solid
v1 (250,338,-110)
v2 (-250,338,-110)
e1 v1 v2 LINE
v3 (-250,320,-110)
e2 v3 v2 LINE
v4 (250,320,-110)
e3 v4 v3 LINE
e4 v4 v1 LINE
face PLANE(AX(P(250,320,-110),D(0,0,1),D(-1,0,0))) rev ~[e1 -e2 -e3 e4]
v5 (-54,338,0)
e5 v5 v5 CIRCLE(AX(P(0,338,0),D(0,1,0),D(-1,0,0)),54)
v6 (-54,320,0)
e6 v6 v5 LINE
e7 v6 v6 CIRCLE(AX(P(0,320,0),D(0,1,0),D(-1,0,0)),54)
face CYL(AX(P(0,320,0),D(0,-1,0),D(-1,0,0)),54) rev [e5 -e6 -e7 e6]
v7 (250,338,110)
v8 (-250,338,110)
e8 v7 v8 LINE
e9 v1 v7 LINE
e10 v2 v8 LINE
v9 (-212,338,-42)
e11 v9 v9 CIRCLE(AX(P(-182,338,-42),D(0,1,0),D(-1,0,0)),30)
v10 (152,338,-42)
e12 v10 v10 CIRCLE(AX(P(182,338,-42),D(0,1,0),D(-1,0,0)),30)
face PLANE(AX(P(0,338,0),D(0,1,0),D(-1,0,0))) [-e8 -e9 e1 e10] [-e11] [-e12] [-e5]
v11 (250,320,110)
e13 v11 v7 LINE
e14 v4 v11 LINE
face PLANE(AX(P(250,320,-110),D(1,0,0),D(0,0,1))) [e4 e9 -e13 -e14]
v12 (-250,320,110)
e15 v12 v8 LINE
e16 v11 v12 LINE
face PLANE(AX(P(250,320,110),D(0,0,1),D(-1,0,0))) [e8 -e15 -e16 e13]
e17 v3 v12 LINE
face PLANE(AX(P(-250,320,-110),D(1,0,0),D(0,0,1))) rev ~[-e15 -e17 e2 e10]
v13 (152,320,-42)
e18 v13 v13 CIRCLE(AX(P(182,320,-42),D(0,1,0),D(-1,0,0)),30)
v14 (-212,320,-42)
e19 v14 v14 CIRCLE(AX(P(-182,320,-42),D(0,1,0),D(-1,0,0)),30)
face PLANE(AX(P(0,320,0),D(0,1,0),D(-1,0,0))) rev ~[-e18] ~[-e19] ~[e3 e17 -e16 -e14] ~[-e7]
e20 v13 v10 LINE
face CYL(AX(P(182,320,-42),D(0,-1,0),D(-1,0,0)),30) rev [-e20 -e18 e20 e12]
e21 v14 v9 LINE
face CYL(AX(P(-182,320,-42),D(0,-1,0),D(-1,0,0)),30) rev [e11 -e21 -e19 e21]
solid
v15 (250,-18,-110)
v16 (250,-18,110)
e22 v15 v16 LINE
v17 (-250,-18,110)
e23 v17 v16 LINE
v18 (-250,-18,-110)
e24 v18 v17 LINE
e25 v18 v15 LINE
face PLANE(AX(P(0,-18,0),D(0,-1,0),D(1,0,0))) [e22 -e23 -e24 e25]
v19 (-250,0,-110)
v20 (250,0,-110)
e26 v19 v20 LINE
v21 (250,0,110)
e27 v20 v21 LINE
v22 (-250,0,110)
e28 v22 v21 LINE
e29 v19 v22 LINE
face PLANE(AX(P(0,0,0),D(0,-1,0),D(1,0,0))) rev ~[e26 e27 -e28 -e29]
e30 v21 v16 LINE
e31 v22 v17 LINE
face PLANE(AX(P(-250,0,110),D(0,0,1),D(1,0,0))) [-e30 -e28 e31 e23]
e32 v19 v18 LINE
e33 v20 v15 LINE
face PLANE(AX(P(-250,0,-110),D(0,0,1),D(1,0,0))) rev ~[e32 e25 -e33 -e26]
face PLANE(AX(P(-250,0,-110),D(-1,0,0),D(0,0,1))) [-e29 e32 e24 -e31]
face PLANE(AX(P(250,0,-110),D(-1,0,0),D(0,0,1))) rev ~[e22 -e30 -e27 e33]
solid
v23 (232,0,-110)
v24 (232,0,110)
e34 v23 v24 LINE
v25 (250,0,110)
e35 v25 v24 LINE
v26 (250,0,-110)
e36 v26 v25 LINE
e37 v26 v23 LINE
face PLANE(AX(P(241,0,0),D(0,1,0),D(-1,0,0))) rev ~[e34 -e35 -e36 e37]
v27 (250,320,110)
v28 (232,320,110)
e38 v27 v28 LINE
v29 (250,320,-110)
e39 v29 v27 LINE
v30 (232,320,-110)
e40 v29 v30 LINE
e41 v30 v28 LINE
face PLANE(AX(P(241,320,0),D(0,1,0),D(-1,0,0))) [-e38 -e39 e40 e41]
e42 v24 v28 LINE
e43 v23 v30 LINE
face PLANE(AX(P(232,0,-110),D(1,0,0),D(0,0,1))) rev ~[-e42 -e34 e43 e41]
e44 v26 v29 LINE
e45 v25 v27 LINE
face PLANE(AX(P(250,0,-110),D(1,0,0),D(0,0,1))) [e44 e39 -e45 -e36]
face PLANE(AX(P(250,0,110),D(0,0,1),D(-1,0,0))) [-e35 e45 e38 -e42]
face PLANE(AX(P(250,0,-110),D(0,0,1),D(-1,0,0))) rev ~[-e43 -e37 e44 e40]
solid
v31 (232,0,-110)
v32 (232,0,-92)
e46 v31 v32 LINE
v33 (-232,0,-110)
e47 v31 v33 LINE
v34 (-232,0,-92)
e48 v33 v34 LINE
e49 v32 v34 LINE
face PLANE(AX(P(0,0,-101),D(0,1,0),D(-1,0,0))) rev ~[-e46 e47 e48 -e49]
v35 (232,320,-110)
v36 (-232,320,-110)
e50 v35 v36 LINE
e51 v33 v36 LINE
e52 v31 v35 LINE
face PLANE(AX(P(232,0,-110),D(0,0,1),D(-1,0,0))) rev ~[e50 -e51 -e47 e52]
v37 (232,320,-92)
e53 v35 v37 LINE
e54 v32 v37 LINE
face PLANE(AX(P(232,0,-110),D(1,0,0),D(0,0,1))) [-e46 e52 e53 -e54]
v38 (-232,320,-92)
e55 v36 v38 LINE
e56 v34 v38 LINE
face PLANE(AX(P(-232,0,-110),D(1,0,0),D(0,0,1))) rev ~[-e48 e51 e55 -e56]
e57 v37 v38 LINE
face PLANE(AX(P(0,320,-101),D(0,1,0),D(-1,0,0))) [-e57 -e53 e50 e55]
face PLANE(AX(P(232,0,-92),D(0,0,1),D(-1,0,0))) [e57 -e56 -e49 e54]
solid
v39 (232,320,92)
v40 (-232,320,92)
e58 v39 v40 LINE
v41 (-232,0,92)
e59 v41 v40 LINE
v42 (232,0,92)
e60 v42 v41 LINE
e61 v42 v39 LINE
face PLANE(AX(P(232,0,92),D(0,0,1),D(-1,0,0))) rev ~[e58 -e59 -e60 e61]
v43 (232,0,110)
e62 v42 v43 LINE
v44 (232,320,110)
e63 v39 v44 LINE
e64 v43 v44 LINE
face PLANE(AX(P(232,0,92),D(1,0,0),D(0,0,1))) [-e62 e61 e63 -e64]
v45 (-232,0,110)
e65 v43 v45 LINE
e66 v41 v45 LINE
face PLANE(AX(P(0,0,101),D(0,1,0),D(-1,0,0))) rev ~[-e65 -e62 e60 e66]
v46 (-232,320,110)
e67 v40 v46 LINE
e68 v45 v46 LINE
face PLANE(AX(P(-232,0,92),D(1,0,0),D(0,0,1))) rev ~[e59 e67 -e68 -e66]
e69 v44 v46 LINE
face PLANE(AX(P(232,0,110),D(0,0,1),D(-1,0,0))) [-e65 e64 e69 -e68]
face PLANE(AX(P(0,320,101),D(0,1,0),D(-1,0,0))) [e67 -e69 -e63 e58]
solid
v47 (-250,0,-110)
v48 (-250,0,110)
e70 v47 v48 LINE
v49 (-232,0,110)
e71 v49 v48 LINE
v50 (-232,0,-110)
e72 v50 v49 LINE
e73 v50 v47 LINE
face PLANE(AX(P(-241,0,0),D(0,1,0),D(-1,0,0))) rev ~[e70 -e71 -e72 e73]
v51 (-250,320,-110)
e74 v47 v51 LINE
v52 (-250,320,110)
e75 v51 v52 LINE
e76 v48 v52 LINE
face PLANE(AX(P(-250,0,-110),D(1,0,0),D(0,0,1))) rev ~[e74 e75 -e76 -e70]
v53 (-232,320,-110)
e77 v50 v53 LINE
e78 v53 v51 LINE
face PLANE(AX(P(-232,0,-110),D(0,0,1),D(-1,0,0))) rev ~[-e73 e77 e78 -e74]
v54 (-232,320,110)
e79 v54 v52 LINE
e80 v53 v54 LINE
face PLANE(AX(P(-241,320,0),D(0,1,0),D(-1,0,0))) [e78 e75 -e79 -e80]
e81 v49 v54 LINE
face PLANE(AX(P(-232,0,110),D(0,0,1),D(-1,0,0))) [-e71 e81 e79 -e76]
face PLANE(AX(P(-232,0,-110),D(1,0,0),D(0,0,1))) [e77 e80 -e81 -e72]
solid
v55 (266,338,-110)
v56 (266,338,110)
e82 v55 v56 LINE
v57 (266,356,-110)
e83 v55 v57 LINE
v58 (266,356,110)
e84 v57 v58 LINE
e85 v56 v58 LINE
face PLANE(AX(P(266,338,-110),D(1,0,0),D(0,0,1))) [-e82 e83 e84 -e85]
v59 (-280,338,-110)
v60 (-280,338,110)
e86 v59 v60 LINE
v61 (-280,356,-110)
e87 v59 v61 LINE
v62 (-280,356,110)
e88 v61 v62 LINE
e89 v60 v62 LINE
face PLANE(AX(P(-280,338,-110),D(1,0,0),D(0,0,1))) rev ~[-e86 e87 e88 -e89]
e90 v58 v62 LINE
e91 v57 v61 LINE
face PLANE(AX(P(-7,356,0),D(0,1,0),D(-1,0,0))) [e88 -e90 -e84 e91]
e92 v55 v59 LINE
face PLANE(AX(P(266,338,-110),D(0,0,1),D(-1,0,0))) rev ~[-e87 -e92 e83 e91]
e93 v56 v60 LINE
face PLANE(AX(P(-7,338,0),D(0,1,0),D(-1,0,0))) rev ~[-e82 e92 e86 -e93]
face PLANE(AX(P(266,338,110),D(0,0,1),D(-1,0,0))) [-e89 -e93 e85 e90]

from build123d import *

# Parameters (mm, degrees)
F0_W      = 500
F0_H      = 220
F1_DEPTH  = 18
F2_W      = 18
F2_H      = 220
F3_DEPTH  = 320
F4_W      = 18
F4_H      = 220
F5_DEPTH  = 320
F6_W      = 464
F6_H      = 18
F8_DEPTH  = 320
F7_W      = 464
F7_H      = 18
F9_DEPTH  = 320
F10_W     = 500
F10_H     = 220
F10_R     = 30
F10_R_2   = 54
F11_DEPTH = 18
F14_W     = 546
F14_H     = 220
F15_DEPTH = 18


with BuildPart() as f1:
    # F0 (on Front) → F1 (new body)
    with BuildSketch(Plane.XZ):
        Rectangle(F0_W, F0_H)
    extrude(amount=F1_DEPTH)


with BuildPart() as f3:
    # F2 (on face) → F3 (new body)
    with BuildSketch(Plane(origin=(0, 0, 0), x_dir=(-1, 0, 0), z_dir=(0, 1, 0))):
        with Locations((-241, 0)):
            Rectangle(F2_W, F2_H)
    extrude(amount=F3_DEPTH)


with BuildPart() as f5:
    # F4 (on face) → F5 (new body)
    with BuildSketch(Plane(origin=(0, 0, 0), x_dir=(-1, 0, 0), z_dir=(0, 1, 0))):
        with Locations((241, 0)):
            Rectangle(F4_W, F4_H)
    extrude(amount=F5_DEPTH)


with BuildPart() as f8:
    # F6 (on face) → F8 (new body)
    with BuildSketch(Plane(origin=(0, 0, 0), x_dir=(-1, 0, 0), z_dir=(0, 1, 0))):
        with Locations((0, 101)):
            Rectangle(F6_W, F6_H)
    extrude(amount=F8_DEPTH)


with BuildPart() as f9:
    # F7 (on face) → F9 (new body)
    with BuildSketch(Plane(origin=(0, 0, 0), x_dir=(-1, 0, 0), z_dir=(0, 1, 0))):
        with Locations((0, -101)):
            Rectangle(F7_W, F7_H)
    extrude(amount=F9_DEPTH)


with BuildPart() as f11:
    # F10 (on face) → F11 (new body)
    with BuildSketch(Plane(origin=(0, 320, 0), x_dir=(-1, 0, 0), z_dir=(0, 1, 0))):
        Rectangle(F10_W, F10_H)
        with Locations((-182, -42)):
            Circle(F10_R, mode=Mode.SUBTRACT)
        with Locations((182, -42)):
            Circle(F10_R, mode=Mode.SUBTRACT)
        Circle(F10_R_2, mode=Mode.SUBTRACT)
    extrude(amount=F11_DEPTH)


with BuildPart() as f12_1:
    # F12: copy of F11
    add(f11.part.moved(Location((0, 18, 0))))


with BuildPart() as f15:
    # F14 (on face) → F15 (new body)
    with BuildSketch(Plane(origin=(0, 338, 0), x_dir=(-1, 0, 0), z_dir=(0, 1, 0))):
        with Locations((7, 0)):
            Rectangle(F14_W, F14_H)
    extrude(amount=F15_DEPTH)


solid = Compound([f1.part, f3.part, f5.part, f8.part, f9.part, f11.part, f15.part])
